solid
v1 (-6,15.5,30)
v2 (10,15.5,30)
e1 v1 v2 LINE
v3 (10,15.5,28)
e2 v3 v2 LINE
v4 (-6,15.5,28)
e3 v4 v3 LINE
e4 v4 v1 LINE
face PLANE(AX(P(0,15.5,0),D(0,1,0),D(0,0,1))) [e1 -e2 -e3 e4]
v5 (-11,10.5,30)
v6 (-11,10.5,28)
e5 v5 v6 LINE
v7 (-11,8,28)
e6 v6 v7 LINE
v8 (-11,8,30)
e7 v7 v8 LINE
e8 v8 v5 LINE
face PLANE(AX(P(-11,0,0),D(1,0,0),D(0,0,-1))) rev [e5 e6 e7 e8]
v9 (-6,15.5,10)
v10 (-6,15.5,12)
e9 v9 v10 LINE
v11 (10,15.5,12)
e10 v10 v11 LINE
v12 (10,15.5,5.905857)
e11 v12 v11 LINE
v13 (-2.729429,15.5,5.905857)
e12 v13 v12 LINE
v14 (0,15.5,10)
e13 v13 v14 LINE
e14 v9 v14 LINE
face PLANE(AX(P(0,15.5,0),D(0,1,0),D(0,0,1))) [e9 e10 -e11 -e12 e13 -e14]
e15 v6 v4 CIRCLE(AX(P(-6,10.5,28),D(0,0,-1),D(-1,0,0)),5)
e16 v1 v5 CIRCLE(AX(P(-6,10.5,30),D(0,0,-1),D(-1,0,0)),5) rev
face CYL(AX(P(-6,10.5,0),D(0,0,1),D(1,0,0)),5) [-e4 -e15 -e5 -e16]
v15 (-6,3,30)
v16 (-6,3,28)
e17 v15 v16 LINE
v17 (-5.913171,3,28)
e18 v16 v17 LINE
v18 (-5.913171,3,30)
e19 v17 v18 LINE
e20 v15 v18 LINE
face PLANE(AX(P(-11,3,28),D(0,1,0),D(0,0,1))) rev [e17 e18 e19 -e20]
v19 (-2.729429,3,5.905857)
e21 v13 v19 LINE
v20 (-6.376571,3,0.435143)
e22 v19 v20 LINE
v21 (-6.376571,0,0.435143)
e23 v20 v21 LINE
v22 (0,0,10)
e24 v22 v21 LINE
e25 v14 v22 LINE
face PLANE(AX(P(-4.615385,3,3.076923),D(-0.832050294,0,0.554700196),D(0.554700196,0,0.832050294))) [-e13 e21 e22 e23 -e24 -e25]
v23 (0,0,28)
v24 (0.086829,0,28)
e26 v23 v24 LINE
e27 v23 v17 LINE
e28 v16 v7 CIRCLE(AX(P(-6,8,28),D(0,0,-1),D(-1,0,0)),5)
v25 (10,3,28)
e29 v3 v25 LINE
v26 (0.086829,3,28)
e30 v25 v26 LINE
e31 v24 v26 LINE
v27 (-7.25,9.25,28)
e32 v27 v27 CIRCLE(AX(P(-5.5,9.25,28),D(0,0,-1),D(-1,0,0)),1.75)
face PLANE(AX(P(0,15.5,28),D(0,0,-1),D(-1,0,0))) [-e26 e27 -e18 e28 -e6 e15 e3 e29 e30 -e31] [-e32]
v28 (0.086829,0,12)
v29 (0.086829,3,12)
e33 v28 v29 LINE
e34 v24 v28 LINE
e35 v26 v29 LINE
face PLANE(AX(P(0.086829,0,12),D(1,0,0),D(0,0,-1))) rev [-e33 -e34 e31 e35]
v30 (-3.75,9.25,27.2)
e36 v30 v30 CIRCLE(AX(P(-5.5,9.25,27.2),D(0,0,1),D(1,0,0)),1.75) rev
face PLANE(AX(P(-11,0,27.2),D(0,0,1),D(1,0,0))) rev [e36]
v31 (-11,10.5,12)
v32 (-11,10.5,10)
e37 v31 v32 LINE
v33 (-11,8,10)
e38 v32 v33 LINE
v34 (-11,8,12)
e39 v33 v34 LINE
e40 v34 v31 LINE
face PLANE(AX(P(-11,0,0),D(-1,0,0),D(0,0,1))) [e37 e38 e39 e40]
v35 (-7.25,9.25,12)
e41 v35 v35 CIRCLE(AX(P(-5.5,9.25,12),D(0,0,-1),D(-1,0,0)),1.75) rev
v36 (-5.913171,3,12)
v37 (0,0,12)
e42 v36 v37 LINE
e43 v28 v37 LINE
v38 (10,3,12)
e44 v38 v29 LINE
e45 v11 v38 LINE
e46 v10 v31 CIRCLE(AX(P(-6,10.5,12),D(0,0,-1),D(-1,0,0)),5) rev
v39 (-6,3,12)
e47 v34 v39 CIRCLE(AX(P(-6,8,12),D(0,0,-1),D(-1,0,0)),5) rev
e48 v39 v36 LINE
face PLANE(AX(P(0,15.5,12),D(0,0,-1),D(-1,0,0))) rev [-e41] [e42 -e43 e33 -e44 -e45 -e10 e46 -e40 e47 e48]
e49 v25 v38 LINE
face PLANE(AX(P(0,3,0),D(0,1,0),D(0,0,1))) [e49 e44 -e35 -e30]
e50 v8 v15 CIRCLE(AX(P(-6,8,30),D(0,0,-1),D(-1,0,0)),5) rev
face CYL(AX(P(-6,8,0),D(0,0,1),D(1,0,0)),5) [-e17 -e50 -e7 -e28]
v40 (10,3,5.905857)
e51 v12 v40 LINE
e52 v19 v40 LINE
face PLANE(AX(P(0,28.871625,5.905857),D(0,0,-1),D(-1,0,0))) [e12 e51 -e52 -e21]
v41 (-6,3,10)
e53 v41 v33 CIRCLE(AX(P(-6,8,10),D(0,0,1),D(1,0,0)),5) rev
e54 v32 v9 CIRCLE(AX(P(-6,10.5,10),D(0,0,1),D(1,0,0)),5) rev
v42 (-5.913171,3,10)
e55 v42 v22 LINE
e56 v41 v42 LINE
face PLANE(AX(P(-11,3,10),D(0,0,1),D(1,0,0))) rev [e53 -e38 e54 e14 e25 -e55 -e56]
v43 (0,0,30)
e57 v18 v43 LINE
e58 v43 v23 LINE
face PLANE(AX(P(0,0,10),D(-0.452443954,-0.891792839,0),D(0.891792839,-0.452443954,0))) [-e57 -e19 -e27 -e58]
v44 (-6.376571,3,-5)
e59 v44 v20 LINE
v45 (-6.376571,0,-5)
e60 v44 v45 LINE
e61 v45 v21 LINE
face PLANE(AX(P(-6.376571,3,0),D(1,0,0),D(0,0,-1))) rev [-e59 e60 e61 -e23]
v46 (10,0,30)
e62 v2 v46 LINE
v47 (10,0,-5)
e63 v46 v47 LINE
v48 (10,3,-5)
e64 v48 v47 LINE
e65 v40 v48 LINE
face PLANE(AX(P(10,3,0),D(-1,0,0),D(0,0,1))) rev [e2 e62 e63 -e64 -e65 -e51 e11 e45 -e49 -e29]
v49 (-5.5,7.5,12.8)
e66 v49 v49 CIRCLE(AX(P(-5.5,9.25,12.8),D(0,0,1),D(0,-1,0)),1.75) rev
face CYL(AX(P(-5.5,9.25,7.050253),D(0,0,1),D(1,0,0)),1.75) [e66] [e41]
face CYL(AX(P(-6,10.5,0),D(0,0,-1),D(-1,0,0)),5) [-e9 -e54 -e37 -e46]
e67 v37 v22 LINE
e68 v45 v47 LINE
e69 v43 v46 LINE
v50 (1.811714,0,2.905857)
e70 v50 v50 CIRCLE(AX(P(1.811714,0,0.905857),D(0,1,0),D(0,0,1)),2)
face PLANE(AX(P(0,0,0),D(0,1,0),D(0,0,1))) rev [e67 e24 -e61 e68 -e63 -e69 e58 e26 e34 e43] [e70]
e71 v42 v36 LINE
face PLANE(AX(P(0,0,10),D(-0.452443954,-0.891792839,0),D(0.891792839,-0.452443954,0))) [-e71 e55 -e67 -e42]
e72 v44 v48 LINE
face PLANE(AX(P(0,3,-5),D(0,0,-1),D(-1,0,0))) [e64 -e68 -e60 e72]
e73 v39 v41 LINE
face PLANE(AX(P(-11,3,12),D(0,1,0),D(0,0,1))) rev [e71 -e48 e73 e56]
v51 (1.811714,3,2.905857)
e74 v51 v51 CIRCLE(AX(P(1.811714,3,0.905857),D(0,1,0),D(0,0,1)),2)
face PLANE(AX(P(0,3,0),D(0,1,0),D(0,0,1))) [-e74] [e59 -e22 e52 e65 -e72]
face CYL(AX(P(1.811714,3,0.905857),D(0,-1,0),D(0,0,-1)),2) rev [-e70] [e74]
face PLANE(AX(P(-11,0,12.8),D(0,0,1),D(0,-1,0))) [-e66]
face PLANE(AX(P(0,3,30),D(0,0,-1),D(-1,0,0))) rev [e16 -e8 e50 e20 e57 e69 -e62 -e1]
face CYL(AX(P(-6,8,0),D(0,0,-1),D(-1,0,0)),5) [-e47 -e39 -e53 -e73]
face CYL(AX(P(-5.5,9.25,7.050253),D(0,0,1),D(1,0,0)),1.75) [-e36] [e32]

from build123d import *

# Parameters (mm, degrees)
ESBO_O1_R                     = 2
ESBO_O1_W                     = 10
ESBO_O1_H                     = 16
ESBO_O1_H_2                   = 2
RESSALTO_EXTRUS_O1_DEPTH      = 3
ESBO_O1_4_W                   = 10
ESBO_O1_4_H                   = 2
RESSALTO_EXTRUS_O5_DEPTH      = 15.5
RESSALTO_EXTRUS_O6_DEPTH      = 12.5
ESBO_O11_W                    = 2
ESBO_O11_H                    = 12.5
RESSALTO_EXTRUS_O7_DEPTH      = 11
RESSALTO_EXTRUS_O8_DEPTH      = 18
ESBO_O8_W                     = 14.4
ESBO_O8_H                     = 12.5
CORTE_EXTRUS_O1_DEPTH         = 40.764934301
FILETE1_R                     = 5
RESSALTO_EXTRUS_O9_DEPTH      = 2
RESSALTO_EXTRUS_O9_DEPTH_BACK = 18
ESBO_O18_W                    = 6
ESBO_O18_H                    = 16
CORTE_EXTRUS_O3_DEPTH         = 35.311076929


with BuildPart() as part:
    # Esboço1 → Ressalto-extrusão1 (new body)
    # profile 1 of 9: a face of its own
    with BuildSketch(Plane(origin=(0, 0, 0), x_dir=(1, 0, 0), z_dir=(0, 1, 0))):
        Polygon((10, 5), (-6.376571145, 5), (-6.376571145, -0.435143283), (-3.333333333, -5), (10, -5), align=None)
        with Locations(Location((1.811714428, -0.905857214, 0), (0, 0, 270))):
            Circle(ESBO_O1_R, mode=Mode.SUBTRACT)
    # profile 2 of 9: a face of its own
    with BuildSketch(Plane(origin=(0, 0, 0), x_dir=(1, 0, 0), z_dir=(0, 1, 0))):
        Polygon((10, -5), (-3.333333333, -5), (0, -10), (5, -10), (10, -10), align=None)
    # profile 3 of 9: a face of its own
    with BuildSketch(Plane(origin=(0, 0, 0), x_dir=(1, 0, 0), z_dir=(0, 1, 0))):
        Polygon((10, -5), (-3.333333333, -5), (0, -10), (5, -10), (10, -10), align=None)
    # profile 4 of 9: a face of its own
    with BuildSketch(Plane(origin=(0, 0, 0), x_dir=(1, 0, 0), z_dir=(0, 1, 0))):
        Polygon((10, -5), (-3.333333333, -5), (0, -10), (5, -10), (10, -10), align=None)
    # profile 5 of 9: a face of its own
    with BuildSketch(Plane(origin=(0, 0, 0), x_dir=(1, 0, 0), z_dir=(0, 1, 0))):
        Polygon((10, -5), (-3.333333333, -5), (0, -10), (5, -10), (10, -10), align=None)
    # profile 6 of 9: a face of its own
    with BuildSketch(Plane(origin=(0, 0, 0), x_dir=(1, 0, 0), z_dir=(0, 1, 0))):
        with Locations((5, -20)):
            Rectangle(ESBO_O1_W, ESBO_O1_H)
    # profile 7 of 9: a face of its own
    with BuildSketch(Plane(origin=(0, 0, 0), x_dir=(1, 0, 0), z_dir=(0, 1, 0))):
        with Locations((5, -29)):
            Rectangle(ESBO_O1_W, ESBO_O1_H_2)
    # profile 8 of 9: a face of its own
    with BuildSketch(Plane(origin=(0, 0, 0), x_dir=(1, 0, 0), z_dir=(0, 1, 0))):
        with Locations((5, -20)):
            Rectangle(ESBO_O1_W, ESBO_O1_H)
    # profile 9 of 9: a face of its own
    with BuildSketch(Plane(origin=(0, 0, 0), x_dir=(1, 0, 0), z_dir=(0, 1, 0))):
        Polygon((5, -10), (0, -10), (0, -12), (10, -12), (10, -10), align=None)
    extrude(amount=RESSALTO_EXTRUS_O1_DEPTH)

    # Esboço1<4> → Ressalto-extrusão5 (add)
    with BuildSketch(Plane(origin=(0, 0, 0), x_dir=(1, 0, 0), z_dir=(0, 1, 0))):
        with Locations((5, -11)):
            Rectangle(ESBO_O1_4_W, ESBO_O1_4_H)
        with Locations((5, -29)):
            Rectangle(ESBO_O1_4_W, ESBO_O1_4_H)
    extrude(amount=RESSALTO_EXTRUS_O5_DEPTH)

    # Esboço10 → Ressalto-extrusão6 (add)
    with BuildSketch(Plane(origin=(0, 3, 0), x_dir=(1, 0, 0), z_dir=(0, 1, 0))):
        Polygon((-2.729428524, -5.905857214), (0, -10), (10, -10), (10, -5.905857214), (1.811714428, -5.905857214), (0, -5.905857214), align=None)
    extrude(amount=RESSALTO_EXTRUS_O6_DEPTH)

    # Esboço11 → Ressalto-extrusão7 (add)
    with BuildSketch(Plane.ZY):
        with Locations((11, 9.25)):
            Rectangle(ESBO_O11_W, ESBO_O11_H)
        with Locations((29, 9.25)):
            Rectangle(ESBO_O11_W, ESBO_O11_H)
    extrude(amount=RESSALTO_EXTRUS_O7_DEPTH)

    # Esboço12 → Ressalto-extrusão8 (add)
    with BuildSketch(Plane.XY.offset(30)):
        with BuildLine():
            ThreePointArc((-6.656098816, 10.563748655), (-7.25, 9.25), (-6.656098816, 7.936251345))
            Line((-6.656098816, 7.936251345), (-5.5, 9.25))
            Line((-5.5, 9.25), (-6.656098816, 10.563748655))
        make_face()
        with BuildLine():
            Line((-5.5, 9.25), (-6.656098816, 7.936251345))
            ThreePointArc((-6.656098816, 7.936251345), (-5.5, 7.5), (-4.343901184, 7.936251345))
            Line((-4.343901184, 7.936251345), (-5.5, 9.25))
        make_face()
        with BuildLine():
            Line((-6.656098816, 10.563748655), (-5.5, 9.25))
            Line((-5.5, 9.25), (-4.343901184, 10.563748655))
            ThreePointArc((-4.343901184, 10.563748655), (-5.5, 11), (-6.656098816, 10.563748655))
        make_face()
        with BuildLine():
            Line((-4.343901184, 10.563748655), (-5.5, 9.25))
            Line((-5.5, 9.25), (-4.343901184, 7.936251345))
            ThreePointArc((-4.343901184, 7.936251345), (-3.905372625, 8.529123079), (-3.75, 9.25))
            ThreePointArc((-3.75, 9.25), (-3.905372625, 9.970876921), (-4.343901184, 10.563748655))
        make_face()
    extrude(amount=-RESSALTO_EXTRUS_O8_DEPTH)

    # Esboço8 → Corte-extrusão1 (cut, through all)
    with BuildSketch(Plane(origin=(10, 0, 0), x_dir=(0, 0, -1), z_dir=(1, 0, 0))):
        with Locations((-20, 9.25)):
            Rectangle(ESBO_O8_W, ESBO_O8_H)
    extrude(amount=-CORTE_EXTRUS_O1_DEPTH, mode=Mode.SUBTRACT)

    # Filete1
    filete1_edges = [part.edges().sort_by_distance(p)[0] for p in [
        (-11, 15.5, 11),
        (-11, 3, 11),
        (-11, 3, 29),
        (-11, 15.5, 29),
    ]]
    fillet(filete1_edges, radius=FILETE1_R)

    # Esboço14 → Ressalto-extrusão9 (add, two sides: drawn at the far end of the back side and taken through both)
    with BuildSketch(Plane(origin=(0, 3, 28), x_dir=(1, 0, 0), z_dir=(0, 0, 1)).offset(-RESSALTO_EXTRUS_O9_DEPTH_BACK)):
        Polygon((0, -3), (-2.25, 0), (-5.913171112, 0), align=None)
        Polygon((0, 0), (-2.25, 0), (0, -3), align=None)
    extrude(amount=RESSALTO_EXTRUS_O9_DEPTH + RESSALTO_EXTRUS_O9_DEPTH_BACK)

    # Esboço18 → Corte-extrusão3 (cut, through all)
    with BuildSketch(Plane(origin=(0, 3, 0), x_dir=(1, 0, 0), z_dir=(0, 1, 0))):
        with Locations((-2.913171112, -20)):
            Rectangle(ESBO_O18_W, ESBO_O18_H)
    extrude(amount=-CORTE_EXTRUS_O3_DEPTH, mode=Mode.SUBTRACT)


solid = part.part
